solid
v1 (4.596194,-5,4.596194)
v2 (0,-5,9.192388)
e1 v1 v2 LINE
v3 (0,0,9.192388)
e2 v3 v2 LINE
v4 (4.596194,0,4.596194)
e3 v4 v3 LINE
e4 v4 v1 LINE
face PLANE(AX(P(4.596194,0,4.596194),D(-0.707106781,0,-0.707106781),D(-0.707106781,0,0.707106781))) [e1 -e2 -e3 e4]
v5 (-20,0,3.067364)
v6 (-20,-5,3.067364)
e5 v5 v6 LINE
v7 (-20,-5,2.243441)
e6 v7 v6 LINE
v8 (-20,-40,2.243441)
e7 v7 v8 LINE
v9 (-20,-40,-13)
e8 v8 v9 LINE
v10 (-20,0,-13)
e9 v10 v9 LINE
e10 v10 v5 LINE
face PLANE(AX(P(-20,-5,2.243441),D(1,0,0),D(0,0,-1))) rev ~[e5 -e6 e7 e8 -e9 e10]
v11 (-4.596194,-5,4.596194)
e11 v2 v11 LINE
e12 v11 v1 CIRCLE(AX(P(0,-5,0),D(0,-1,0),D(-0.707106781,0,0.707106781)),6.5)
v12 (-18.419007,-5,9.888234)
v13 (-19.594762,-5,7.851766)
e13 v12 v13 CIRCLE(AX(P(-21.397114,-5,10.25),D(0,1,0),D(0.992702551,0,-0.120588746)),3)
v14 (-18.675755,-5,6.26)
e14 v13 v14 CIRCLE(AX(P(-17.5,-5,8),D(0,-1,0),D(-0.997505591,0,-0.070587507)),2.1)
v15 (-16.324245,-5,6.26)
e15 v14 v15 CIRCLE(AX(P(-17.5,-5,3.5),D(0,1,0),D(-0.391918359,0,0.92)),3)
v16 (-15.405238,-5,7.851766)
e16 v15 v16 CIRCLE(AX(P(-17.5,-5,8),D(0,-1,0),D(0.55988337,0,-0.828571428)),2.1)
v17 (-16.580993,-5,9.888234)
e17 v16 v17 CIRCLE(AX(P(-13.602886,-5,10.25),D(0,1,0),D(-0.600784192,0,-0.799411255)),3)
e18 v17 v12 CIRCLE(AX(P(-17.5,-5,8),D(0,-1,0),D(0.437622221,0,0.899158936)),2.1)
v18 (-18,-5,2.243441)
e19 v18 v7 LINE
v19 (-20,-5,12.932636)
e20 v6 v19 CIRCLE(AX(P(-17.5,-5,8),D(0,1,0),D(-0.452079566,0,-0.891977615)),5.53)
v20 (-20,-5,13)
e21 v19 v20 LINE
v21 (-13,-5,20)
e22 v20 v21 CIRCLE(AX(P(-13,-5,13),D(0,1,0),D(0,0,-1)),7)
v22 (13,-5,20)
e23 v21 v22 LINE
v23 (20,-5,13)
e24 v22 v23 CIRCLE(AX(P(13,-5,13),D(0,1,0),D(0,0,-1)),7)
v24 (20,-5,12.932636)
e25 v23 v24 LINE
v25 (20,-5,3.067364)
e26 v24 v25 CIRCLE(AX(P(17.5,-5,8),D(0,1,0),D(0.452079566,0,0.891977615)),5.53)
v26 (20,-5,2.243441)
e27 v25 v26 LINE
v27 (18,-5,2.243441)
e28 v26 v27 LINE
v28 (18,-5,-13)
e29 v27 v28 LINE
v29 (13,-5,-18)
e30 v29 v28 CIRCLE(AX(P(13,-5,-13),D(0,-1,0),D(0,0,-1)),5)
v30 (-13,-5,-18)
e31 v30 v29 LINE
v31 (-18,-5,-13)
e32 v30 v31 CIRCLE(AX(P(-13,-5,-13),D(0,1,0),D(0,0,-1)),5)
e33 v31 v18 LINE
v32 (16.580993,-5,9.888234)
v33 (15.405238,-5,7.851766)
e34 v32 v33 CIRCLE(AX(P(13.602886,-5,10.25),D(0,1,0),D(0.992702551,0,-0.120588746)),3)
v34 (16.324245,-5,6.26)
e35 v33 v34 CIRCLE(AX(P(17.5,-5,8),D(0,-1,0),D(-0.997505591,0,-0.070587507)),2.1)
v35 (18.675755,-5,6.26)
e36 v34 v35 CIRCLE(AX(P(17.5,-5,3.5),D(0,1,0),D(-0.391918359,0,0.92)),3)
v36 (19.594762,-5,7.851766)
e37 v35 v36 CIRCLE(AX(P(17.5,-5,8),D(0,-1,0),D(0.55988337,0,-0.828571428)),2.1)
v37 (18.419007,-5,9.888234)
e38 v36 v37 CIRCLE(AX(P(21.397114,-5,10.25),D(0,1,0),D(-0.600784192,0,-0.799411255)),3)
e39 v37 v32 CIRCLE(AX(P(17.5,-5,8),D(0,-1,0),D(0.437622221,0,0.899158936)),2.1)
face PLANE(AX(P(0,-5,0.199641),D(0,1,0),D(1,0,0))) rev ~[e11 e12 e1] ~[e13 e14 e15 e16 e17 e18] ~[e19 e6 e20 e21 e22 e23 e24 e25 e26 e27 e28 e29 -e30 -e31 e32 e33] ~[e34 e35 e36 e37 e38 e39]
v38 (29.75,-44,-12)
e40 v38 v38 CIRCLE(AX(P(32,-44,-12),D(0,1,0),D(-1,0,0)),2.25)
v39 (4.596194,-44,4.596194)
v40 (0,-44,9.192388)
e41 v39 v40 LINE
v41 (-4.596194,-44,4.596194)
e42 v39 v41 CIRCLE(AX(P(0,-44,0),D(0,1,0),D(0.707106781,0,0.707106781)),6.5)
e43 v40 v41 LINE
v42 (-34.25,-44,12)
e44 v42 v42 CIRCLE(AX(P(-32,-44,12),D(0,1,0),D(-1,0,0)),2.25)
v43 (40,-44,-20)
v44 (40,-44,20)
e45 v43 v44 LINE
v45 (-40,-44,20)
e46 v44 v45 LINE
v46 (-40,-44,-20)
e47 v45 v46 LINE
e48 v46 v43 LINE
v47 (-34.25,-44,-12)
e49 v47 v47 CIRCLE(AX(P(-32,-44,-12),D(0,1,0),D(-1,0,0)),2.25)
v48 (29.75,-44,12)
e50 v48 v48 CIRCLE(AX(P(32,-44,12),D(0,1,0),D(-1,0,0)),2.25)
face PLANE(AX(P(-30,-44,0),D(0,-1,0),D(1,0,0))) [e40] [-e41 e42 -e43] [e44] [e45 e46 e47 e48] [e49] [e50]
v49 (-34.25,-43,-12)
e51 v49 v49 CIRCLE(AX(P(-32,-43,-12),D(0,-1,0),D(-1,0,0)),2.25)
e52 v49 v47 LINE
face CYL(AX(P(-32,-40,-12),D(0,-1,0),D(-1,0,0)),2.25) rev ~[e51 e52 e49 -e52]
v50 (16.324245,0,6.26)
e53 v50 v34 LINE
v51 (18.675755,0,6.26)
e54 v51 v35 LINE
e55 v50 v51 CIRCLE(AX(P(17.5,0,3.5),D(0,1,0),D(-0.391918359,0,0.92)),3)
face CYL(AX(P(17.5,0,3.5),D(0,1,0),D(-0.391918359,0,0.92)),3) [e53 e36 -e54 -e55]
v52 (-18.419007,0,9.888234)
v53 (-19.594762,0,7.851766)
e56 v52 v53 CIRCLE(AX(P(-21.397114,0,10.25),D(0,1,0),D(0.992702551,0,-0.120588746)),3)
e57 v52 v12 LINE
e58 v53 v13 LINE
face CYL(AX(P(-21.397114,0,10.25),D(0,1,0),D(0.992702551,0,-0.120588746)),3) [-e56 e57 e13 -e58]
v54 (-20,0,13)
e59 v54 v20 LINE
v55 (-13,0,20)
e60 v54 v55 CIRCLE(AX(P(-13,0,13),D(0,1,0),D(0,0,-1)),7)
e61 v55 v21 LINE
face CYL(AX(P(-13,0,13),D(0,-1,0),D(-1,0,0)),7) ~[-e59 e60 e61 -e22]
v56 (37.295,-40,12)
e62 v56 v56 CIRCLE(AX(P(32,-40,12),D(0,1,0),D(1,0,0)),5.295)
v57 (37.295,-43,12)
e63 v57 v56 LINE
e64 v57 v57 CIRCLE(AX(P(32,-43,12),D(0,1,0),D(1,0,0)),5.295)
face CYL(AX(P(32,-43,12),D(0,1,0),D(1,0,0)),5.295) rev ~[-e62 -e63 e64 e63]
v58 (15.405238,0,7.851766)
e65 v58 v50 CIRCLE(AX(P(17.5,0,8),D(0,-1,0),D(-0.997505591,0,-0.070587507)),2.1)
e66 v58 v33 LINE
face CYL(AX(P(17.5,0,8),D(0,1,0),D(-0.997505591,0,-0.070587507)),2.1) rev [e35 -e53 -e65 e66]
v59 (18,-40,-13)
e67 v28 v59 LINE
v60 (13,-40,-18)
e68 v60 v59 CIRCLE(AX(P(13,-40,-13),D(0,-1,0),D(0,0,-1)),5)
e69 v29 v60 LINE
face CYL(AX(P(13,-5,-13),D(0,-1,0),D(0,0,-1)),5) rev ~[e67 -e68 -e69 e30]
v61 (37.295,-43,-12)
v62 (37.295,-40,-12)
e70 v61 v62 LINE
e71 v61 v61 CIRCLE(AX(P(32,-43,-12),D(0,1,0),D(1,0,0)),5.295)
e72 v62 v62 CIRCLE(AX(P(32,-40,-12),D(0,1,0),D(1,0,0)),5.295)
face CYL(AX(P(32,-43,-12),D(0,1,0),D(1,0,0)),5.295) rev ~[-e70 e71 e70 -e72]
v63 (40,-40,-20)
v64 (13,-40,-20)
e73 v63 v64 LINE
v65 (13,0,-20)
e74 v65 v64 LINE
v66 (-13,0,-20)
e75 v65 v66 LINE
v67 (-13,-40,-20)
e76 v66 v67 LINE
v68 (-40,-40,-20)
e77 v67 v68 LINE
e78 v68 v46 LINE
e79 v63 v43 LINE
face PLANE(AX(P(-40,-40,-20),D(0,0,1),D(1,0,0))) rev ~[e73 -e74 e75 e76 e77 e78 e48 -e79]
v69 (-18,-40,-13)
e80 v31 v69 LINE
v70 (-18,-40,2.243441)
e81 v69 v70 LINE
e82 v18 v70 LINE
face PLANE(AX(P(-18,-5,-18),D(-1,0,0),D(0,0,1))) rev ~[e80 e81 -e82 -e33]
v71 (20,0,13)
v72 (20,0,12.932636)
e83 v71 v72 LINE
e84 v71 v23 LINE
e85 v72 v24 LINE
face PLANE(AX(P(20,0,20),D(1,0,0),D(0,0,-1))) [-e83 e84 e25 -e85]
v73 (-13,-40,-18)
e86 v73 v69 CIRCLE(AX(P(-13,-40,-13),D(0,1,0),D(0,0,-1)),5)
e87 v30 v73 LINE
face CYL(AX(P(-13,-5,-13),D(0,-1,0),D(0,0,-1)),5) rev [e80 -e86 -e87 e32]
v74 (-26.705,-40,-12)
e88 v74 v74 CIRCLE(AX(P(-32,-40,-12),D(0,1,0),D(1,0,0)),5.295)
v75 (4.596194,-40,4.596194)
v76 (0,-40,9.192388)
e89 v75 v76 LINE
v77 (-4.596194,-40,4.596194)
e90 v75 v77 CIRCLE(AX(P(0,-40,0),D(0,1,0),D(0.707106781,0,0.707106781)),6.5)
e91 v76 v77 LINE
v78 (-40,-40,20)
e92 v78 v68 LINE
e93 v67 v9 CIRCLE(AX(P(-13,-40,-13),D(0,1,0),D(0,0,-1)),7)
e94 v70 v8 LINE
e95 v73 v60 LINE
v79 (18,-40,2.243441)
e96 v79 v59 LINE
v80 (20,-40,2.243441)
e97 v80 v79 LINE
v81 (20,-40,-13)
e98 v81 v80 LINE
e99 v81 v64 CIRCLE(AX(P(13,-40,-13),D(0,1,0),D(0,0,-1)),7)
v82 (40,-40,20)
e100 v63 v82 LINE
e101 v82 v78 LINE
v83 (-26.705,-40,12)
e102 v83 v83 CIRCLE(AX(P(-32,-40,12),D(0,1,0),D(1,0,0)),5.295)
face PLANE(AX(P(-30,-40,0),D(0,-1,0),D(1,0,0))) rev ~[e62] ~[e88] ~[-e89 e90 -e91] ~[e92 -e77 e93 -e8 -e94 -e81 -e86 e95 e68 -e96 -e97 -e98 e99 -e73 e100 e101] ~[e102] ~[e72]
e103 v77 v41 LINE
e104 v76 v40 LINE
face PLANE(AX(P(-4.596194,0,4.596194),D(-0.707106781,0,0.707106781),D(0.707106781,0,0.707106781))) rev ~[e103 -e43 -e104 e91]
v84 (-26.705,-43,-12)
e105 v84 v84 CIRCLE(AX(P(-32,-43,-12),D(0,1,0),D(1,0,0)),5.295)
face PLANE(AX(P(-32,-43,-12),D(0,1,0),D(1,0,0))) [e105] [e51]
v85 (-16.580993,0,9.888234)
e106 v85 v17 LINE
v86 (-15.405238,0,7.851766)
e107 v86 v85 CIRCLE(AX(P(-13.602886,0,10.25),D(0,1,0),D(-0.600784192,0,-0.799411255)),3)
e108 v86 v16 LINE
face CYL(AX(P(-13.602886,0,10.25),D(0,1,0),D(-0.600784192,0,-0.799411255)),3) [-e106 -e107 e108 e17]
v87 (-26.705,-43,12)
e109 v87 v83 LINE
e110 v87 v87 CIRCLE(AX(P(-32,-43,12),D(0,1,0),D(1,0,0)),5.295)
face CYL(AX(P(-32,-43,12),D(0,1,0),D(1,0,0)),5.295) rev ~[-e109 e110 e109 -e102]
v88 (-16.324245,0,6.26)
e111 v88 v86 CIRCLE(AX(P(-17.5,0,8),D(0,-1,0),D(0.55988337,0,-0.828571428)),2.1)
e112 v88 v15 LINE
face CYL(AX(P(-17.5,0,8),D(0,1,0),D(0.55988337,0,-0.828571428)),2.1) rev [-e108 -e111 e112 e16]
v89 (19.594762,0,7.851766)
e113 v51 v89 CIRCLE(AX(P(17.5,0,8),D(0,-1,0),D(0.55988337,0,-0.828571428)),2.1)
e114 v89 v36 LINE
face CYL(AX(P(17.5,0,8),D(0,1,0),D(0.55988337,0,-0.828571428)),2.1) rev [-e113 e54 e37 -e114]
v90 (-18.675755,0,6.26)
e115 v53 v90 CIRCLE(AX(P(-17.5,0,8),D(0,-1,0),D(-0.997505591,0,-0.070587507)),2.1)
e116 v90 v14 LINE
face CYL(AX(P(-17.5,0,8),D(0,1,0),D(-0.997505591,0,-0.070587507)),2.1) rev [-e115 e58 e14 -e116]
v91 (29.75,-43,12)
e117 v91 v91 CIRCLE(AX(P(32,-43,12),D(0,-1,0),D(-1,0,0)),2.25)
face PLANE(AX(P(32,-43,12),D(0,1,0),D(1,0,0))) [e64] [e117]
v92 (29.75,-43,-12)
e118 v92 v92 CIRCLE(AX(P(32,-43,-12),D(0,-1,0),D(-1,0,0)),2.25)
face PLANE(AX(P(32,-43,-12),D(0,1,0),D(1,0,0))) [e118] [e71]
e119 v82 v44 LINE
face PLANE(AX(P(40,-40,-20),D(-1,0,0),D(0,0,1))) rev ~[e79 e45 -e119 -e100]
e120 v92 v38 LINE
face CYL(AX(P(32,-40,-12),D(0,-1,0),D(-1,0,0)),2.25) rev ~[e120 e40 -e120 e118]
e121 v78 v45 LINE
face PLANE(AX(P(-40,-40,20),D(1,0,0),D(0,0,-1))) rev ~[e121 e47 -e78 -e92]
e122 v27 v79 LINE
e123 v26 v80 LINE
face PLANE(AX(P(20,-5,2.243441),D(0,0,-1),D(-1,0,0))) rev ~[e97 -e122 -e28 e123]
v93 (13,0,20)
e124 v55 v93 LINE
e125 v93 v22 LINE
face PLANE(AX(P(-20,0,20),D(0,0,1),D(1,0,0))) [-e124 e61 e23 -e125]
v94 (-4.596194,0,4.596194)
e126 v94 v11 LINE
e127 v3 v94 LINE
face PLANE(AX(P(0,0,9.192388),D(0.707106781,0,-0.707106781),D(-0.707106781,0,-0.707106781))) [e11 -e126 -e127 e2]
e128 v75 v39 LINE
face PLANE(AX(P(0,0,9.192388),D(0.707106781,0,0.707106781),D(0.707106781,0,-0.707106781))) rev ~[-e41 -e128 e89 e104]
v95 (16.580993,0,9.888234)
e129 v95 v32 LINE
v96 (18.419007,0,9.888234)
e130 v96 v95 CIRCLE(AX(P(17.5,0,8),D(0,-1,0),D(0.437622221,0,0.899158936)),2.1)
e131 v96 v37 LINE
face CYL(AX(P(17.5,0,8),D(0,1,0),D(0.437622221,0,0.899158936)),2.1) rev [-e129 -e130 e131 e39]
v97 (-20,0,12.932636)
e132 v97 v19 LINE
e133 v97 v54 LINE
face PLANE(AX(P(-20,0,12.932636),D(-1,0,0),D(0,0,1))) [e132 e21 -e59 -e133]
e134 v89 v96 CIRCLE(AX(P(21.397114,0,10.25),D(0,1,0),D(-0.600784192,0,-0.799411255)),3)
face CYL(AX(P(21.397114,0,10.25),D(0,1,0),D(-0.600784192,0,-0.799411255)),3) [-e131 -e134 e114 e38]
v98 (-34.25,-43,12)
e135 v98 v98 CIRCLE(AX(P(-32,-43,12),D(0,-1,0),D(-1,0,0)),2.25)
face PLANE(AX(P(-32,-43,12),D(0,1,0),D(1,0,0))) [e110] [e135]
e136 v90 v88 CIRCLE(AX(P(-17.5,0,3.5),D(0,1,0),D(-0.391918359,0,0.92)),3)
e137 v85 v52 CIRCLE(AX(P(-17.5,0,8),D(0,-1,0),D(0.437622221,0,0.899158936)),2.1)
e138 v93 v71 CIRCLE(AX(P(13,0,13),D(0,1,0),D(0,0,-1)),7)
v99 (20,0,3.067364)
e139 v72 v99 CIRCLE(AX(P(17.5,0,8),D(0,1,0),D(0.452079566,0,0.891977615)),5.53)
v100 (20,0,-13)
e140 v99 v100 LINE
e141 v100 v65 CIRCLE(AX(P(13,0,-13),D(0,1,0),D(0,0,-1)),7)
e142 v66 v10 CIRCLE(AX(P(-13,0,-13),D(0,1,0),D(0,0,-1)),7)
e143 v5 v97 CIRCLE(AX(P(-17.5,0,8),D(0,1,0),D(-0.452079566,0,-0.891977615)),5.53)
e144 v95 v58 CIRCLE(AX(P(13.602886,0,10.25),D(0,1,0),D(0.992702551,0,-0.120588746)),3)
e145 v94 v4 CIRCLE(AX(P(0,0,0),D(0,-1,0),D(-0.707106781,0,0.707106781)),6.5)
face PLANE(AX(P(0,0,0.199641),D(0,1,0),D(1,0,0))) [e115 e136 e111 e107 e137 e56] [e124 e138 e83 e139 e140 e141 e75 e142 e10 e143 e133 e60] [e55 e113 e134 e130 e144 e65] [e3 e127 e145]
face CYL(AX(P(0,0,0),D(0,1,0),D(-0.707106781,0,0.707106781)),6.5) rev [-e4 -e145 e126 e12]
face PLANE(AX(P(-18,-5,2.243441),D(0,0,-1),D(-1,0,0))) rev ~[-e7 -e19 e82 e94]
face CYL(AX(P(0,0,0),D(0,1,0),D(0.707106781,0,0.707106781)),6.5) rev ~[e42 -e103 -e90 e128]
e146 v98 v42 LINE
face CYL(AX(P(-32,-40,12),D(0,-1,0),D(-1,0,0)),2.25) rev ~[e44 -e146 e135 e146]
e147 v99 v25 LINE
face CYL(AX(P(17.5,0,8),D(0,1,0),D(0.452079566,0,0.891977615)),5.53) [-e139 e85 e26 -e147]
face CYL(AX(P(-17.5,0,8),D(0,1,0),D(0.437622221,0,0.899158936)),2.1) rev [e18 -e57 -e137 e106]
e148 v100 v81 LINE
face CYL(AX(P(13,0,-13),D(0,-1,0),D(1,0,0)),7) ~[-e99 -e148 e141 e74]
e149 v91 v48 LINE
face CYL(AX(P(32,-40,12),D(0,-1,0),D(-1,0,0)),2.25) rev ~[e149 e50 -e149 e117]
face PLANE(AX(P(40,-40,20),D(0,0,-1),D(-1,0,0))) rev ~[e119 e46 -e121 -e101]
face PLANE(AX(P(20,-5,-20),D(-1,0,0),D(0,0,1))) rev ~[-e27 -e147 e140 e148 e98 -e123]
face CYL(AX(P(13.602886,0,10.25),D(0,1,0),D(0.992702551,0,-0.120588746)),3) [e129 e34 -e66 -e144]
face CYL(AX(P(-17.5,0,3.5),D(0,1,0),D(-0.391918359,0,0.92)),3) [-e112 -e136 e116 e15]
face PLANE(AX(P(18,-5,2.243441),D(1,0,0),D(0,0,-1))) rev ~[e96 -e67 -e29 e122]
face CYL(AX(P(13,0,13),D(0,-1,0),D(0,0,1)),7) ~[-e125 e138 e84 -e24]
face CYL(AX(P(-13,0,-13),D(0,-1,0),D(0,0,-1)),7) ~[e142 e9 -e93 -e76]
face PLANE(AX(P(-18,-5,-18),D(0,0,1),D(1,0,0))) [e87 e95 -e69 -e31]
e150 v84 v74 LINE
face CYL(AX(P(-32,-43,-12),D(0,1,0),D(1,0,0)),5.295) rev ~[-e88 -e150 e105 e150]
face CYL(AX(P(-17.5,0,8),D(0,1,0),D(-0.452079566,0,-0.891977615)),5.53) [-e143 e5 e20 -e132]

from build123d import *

# Parameters (mm, degrees)
BOSS_EXTRU_1_DEPTH                                 = 5
ESQUISSE7_W                                        = 36
ESQUISSE7_H                                        = 2
BOSS_EXTRU_2_DEPTH                                 = 35
BOSS_EXTRU_4_DEPTH                                 = 4
ESQUISSE1_3_R                                      = 6.5
ENL_V_MAT_EXTRU_2_DEPTH                            = 63.737548565
CHAMBRAGE_POUR_VIS_T_TE_HEXAGONALE_M41_D           = 4.5
CHAMBRAGE_POUR_VIS_T_TE_HEXAGONALE_M41_DEPTH       = 4
CHAMBRAGE_POUR_VIS_T_TE_HEXAGONALE_M41_CBORE_D     = 10.59
CHAMBRAGE_POUR_VIS_T_TE_HEXAGONALE_M41_CBORE_DEPTH = 3
CHAMBRAGE_POUR_VIS_T_TE_HEXAGONALE_M41_TIP         = 1.351936393
CONG_1_R                                           = 5
CONG_2_R                                           = 7


with BuildPart() as part:
    # Esquisse1 → Boss.-Extru.1 (new body)
    with BuildSketch(Plane(origin=(0, 0, 0), x_dir=(1, 0, 0), z_dir=(0, 1, 0))):
        with BuildLine():
            Line((20, 20), (-20, 20))
            Line((-20, 20), (-20, -3.067363788))
            ThreePointArc((-20, -3.067363788), (-23.03, -8), (-20, -12.932636212))
            Line((-20, -12.932636212), (-20, -20))
            Line((-20, -20), (20, -20))
            Line((20, -20), (20, -12.932636212))
            ThreePointArc((20, -12.932636212), (23.03, -8), (20, -3.067363788))
            Line((20, -3.067363788), (20, 20))
        make_face()
        with BuildLine():
            ThreePointArc((-16.580993336, -9.888233765), (-17.5, -10.1), (-18.419006664, -9.888233765))
            ThreePointArc((-18.419006664, -9.888233765), (-18.799038106, -8.75), (-19.594761741, -7.851766235))
            ThreePointArc((-19.594761741, -7.851766235), (-19.318653348, -6.95), (-18.675755077, -6.26))
            ThreePointArc((-18.675755077, -6.26), (-17.5, -6.5), (-16.324244923, -6.26))
            ThreePointArc((-16.324244923, -6.26), (-15.681346652, -6.95), (-15.405238259, -7.851766235))
            ThreePointArc((-15.405238259, -7.851766235), (-16.200961894, -8.75), (-16.580993336, -9.888233765))
        make_face(mode=Mode.SUBTRACT)
        with BuildLine():
            Line((4.596194078, -4.596194078), (0, -9.192388155))
            Line((0, -9.192388155), (-4.596194078, -4.596194078))
            ThreePointArc((-4.596194078, -4.596194078), (0, 6.5), (4.596194078, -4.596194078))
        make_face(mode=Mode.SUBTRACT)
        with BuildLine():
            ThreePointArc((18.419006664, -9.888233765), (17.5, -10.1), (16.580993336, -9.888233765))
            ThreePointArc((16.580993336, -9.888233765), (16.200961894, -8.75), (15.405238259, -7.851766235))
            ThreePointArc((15.405238259, -7.851766235), (15.681346652, -6.95), (16.324244923, -6.26))
            ThreePointArc((16.324244923, -6.26), (17.5, -6.5), (18.675755077, -6.26))
            ThreePointArc((18.675755077, -6.26), (19.318653348, -6.95), (19.594761741, -7.851766235))
            ThreePointArc((19.594761741, -7.851766235), (18.799038106, -8.75), (18.419006664, -9.888233765))
        make_face(mode=Mode.SUBTRACT)
    extrude(amount=-BOSS_EXTRU_1_DEPTH)

    # Esquisse7 → Boss.-Extru.2 (add)
    with BuildSketch(Plane.XZ.offset(5)):
        Polygon((-20, 2.243441463), (-20, -20), (-18, -20), (-18, -18), (-18, 2.243441463), align=None)
        with Locations((0, -19)):
            Rectangle(ESQUISSE7_W, ESQUISSE7_H)
        Polygon((18, -18), (18, -20), (20, -20), (20, 2.243441463), (18, 2.243441463), align=None)
    extrude(amount=BOSS_EXTRU_2_DEPTH)

    # Esquisse9 → Boss.-Extru.4 (add)
    with BuildSketch(Plane.XZ.offset(40)):
        Polygon((-20, 2.243441463), (-20, 20), (-40, 20), (-40, -20), (-20, -20), align=None)
        Polygon((40, 20), (20, 20), (20, 2.243441463), (20, -20), (40, -20), align=None)
        Polygon((0, -18), (0, 20), (-20, 20), (-20, 2.243441463), (-18, 2.243441463), (-18, -18), align=None)
        Polygon((0, -20), (0, -18), (-18, -18), (-18, 2.243441463), (-20, 2.243441463), (-20, -20), align=None)
        Polygon((18, -18), (0, -18), (0, -20), (20, -20), (20, 2.243441463), (18, 2.243441463), align=None)
        Polygon((20, 20), (0, 20), (0, -18), (18, -18), (18, 2.243441463), (20, 2.243441463), align=None)
    extrude(amount=BOSS_EXTRU_4_DEPTH)

    # Esquisse1<3> → Enlèv. mat.-Extru.2 (cut, through all)
    with BuildSketch(Plane(origin=(0, 0, 0), x_dir=(1, 0, 0), z_dir=(0, 1, 0))):
        Circle(ESQUISSE1_3_R)
        with BuildLine():
            Line((0, -9.192388155), (4.596194078, -4.596194078))
            ThreePointArc((4.596194078, -4.596194078), (0, -6.5), (-4.596194078, -4.596194078))
            Line((-4.596194078, -4.596194078), (0, -9.192388155))
        make_face()
    extrude(amount=-ENL_V_MAT_EXTRU_2_DEPTH, mode=Mode.SUBTRACT)

    # Chambrage pour vis à tête hexagonale M41
    with Locations(Plane(origin=(0, -40, 0), x_dir=(1, 0, 0), z_dir=(0, 1, 0))):
        with Locations((-32, -12), (-32, 12), (32, 12), (32, -12)):
            CounterBoreHole(CHAMBRAGE_POUR_VIS_T_TE_HEXAGONALE_M41_D / 2, CHAMBRAGE_POUR_VIS_T_TE_HEXAGONALE_M41_CBORE_D / 2, CHAMBRAGE_POUR_VIS_T_TE_HEXAGONALE_M41_CBORE_DEPTH, depth=CHAMBRAGE_POUR_VIS_T_TE_HEXAGONALE_M41_DEPTH)
            with Locations((0, 0, -(CHAMBRAGE_POUR_VIS_T_TE_HEXAGONALE_M41_DEPTH + CHAMBRAGE_POUR_VIS_T_TE_HEXAGONALE_M41_TIP / 2))):  # 118° drill point
                Cone(0, CHAMBRAGE_POUR_VIS_T_TE_HEXAGONALE_M41_D / 2, CHAMBRAGE_POUR_VIS_T_TE_HEXAGONALE_M41_TIP, mode=Mode.SUBTRACT)

    # Congé1
    cong_1_edges = [part.edges().sort_by_distance(p)[0] for p in [
        (18, -22.5, -18),
        (-18, -22.5, -18),
    ]]
    fillet(cong_1_edges, radius=CONG_1_R)

    # Congé2
    cong_2_edges = [part.edges().sort_by_distance(p)[0] for p in [
        (-20, -20, -20),
        (20, -20, -20),
        (20, -2.5, 20),
        (-20, -2.5, 20),
    ]]
    fillet(cong_2_edges, radius=CONG_2_R)


solid = part.part
